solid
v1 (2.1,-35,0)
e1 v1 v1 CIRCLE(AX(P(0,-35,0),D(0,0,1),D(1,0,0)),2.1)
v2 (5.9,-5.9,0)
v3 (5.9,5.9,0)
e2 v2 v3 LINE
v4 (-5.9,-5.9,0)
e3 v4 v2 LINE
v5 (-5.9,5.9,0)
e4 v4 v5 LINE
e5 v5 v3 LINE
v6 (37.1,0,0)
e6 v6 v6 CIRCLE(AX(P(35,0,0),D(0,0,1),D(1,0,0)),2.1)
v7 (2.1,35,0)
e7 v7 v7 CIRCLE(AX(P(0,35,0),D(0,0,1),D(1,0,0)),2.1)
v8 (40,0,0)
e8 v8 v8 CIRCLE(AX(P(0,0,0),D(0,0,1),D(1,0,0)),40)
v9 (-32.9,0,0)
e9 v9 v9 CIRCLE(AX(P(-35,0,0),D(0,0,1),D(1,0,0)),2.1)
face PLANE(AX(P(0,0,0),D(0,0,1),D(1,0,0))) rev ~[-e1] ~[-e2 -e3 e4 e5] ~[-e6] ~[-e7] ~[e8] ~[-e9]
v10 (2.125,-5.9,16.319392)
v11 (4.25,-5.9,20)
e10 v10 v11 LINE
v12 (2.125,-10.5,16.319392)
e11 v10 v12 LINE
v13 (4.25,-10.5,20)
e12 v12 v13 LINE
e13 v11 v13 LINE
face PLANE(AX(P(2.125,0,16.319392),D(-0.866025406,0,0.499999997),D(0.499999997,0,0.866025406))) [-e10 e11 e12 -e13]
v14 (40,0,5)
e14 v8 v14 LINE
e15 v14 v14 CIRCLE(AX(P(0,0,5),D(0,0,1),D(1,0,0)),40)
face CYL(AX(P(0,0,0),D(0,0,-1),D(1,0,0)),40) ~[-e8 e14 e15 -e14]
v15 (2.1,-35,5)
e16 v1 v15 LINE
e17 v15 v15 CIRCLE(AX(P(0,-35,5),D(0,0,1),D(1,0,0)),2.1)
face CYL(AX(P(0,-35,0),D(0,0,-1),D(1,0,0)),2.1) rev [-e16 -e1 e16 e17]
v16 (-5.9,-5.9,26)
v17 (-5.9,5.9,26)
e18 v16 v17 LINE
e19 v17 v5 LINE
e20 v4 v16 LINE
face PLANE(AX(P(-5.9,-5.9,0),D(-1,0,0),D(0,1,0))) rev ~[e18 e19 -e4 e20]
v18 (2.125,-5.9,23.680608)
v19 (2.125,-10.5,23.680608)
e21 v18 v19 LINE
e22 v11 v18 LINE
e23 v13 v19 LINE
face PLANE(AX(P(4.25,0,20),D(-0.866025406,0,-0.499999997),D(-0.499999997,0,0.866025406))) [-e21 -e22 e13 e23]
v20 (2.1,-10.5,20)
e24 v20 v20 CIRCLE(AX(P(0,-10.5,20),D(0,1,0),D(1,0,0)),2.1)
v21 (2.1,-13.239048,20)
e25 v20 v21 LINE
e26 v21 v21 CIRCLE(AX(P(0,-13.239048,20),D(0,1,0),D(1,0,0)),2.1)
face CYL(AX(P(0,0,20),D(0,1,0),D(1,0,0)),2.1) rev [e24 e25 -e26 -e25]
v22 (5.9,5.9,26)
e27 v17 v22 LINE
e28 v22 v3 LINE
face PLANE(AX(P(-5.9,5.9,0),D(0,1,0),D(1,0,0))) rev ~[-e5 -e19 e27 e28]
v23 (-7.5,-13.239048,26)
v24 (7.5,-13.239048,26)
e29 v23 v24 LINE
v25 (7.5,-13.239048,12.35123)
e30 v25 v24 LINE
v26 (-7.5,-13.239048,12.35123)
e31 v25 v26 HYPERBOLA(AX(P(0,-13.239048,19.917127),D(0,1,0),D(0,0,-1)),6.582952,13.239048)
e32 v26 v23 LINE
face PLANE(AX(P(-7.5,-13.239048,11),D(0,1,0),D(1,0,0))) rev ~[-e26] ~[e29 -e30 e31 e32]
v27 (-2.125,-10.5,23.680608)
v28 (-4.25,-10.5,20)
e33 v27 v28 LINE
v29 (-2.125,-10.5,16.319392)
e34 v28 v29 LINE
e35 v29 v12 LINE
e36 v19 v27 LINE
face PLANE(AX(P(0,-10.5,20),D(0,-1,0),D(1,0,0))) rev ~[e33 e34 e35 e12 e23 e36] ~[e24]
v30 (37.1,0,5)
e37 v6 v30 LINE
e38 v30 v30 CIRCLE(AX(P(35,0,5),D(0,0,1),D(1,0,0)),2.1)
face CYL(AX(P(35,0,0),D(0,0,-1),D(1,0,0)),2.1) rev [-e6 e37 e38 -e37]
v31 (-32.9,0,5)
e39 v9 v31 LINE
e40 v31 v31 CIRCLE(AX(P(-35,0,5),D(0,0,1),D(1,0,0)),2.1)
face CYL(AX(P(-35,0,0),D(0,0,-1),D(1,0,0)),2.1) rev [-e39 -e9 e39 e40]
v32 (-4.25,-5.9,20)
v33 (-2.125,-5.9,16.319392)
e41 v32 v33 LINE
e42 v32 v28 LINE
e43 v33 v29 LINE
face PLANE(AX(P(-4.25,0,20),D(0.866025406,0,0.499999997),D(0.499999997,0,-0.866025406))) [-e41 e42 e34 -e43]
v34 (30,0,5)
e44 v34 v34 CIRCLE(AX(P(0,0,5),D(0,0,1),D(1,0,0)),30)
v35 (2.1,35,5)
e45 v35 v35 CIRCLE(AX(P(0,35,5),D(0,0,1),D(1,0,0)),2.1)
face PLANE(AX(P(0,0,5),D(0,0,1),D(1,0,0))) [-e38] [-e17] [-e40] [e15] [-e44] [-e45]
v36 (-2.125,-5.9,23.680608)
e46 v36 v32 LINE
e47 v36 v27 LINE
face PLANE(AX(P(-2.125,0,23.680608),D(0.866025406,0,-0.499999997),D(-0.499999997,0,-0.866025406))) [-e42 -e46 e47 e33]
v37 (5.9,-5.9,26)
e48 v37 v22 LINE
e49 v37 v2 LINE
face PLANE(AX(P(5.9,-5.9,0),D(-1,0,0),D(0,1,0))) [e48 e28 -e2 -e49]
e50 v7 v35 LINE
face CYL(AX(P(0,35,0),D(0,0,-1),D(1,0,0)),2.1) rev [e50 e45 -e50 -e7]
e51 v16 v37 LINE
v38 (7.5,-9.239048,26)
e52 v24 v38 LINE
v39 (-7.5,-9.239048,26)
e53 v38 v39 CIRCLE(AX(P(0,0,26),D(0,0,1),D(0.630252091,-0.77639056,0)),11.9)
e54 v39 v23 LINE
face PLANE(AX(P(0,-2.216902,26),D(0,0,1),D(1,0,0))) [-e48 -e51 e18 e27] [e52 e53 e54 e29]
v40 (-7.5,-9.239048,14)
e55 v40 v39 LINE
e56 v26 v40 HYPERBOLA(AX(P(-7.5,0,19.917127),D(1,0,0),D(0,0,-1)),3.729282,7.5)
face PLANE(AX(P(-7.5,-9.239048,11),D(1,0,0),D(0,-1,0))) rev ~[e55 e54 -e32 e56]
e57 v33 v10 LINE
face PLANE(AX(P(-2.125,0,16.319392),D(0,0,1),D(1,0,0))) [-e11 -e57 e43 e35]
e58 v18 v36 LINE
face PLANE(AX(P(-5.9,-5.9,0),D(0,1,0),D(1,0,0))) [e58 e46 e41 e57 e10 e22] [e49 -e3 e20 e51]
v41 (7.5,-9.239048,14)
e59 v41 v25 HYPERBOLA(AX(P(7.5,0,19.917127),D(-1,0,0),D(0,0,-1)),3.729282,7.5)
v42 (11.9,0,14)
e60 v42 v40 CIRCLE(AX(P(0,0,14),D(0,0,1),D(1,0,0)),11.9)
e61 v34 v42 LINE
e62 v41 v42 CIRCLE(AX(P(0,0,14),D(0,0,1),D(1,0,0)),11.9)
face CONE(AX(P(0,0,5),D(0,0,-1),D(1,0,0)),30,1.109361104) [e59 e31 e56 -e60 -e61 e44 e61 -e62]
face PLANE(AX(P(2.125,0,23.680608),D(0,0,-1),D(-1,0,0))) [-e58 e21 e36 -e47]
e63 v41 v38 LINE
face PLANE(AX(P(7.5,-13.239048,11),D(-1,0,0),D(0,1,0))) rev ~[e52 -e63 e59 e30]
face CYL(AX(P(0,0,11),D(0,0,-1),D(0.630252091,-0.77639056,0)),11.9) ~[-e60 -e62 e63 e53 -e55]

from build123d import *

# Parameters (mm, degrees)
SKETCH006_W   = 11.8
SKETCH006_H   = 11.8
PAD006_DEPTH  = 30
SKETCH001_R   = 40
SKETCH001_R_2 = 2.1
PAD001_DEPTH  = 5
PAD004_DEPTH  = 10.5
SKETCH005_R   = 2.1
PAD005_DEPTH  = 20
SKETCH_W      = 11.8
SKETCH_H      = 11.8
PAD_DEPTH     = 15


with BuildPart() as pad006:
    # Sketch006 → Pad006 (new body)
    with BuildSketch(Plane.XY):
        Rectangle(SKETCH006_W, SKETCH006_H)
    extrude(amount=PAD006_DEPTH)


with BuildPart() as pad001:
    # Sketch001 → Pad001 (new body)
    with BuildSketch(Plane.XY):
        Circle(SKETCH001_R)
        with Locations((0, 35)):
            Circle(SKETCH001_R_2, mode=Mode.SUBTRACT)
        with Locations((-35, 0)):
            Circle(SKETCH001_R_2, mode=Mode.SUBTRACT)
        with Locations((35, 0)):
            Circle(SKETCH001_R_2, mode=Mode.SUBTRACT)
        with Locations((0, -35)):
            Circle(SKETCH001_R_2, mode=Mode.SUBTRACT)
    extrude(amount=PAD001_DEPTH)


with BuildPart() as vis:
    # Cone → Cone (revolve)
    with BuildSketch(Plane(origin=(0, 0, 5), x_dir=(1, 0, 0), z_dir=(0, -1, 0))):
        Polygon((0, 0), (30, 0), (11.9, 9), (0, 9), align=None)
    revolve(axis=Axis((0, 0, 5), (0, 0, 1)))

    # Fusion001: union Pad001
    add(pad001.part)

    # Cut001: cut Pad006
    add(pad006.part, mode=Mode.SUBTRACT)


with BuildPart() as pad004:
    # Sketch004 → Pad004 (new body)
    with BuildSketch(Plane.XZ):
        Polygon((4.25, 24), (2.125, 27.680608), (-2.125, 27.680608), (-4.25, 24), (-2.125, 20.319392), (2.125, 20.319392), align=None)
    extrude(amount=PAD004_DEPTH)


with BuildPart() as screw_hole:
    # Sketch005 → Pad005 (new body)
    with BuildSketch(Plane.XZ):
        with Locations((0, 24)):
            Circle(SKETCH005_R)
    extrude(amount=PAD005_DEPTH)

    # Fusion: union Pad004
    add(pad004.part)


with BuildPart() as mobile:
    # Sketch → Pad (new body)
    with BuildSketch(Plane.XY.offset(15)):
        with BuildLine():
            ThreePointArc((7.5, -9.239048), (0, 11.9), (-7.5, -9.239048))
            Line((-7.5, -9.239048), (-7.5, -13.239048))
            Line((-7.5, -13.239048), (7.5, -13.239048))
            Line((7.5, -13.239048), (7.5, -9.239048))
        make_face()
        Rectangle(SKETCH_W, SKETCH_H, mode=Mode.SUBTRACT)
    extrude(amount=PAD_DEPTH)

    # Cut: cut screw_hole
    add(screw_hole.part, mode=Mode.SUBTRACT)


with BuildPart() as mobile_1:
    # Cut placement: moved
    add(mobile.part.moved(Location((0, 0, -4))))

    # Fusion002: union vis
    add(vis.part)


solid = mobile_1.part
